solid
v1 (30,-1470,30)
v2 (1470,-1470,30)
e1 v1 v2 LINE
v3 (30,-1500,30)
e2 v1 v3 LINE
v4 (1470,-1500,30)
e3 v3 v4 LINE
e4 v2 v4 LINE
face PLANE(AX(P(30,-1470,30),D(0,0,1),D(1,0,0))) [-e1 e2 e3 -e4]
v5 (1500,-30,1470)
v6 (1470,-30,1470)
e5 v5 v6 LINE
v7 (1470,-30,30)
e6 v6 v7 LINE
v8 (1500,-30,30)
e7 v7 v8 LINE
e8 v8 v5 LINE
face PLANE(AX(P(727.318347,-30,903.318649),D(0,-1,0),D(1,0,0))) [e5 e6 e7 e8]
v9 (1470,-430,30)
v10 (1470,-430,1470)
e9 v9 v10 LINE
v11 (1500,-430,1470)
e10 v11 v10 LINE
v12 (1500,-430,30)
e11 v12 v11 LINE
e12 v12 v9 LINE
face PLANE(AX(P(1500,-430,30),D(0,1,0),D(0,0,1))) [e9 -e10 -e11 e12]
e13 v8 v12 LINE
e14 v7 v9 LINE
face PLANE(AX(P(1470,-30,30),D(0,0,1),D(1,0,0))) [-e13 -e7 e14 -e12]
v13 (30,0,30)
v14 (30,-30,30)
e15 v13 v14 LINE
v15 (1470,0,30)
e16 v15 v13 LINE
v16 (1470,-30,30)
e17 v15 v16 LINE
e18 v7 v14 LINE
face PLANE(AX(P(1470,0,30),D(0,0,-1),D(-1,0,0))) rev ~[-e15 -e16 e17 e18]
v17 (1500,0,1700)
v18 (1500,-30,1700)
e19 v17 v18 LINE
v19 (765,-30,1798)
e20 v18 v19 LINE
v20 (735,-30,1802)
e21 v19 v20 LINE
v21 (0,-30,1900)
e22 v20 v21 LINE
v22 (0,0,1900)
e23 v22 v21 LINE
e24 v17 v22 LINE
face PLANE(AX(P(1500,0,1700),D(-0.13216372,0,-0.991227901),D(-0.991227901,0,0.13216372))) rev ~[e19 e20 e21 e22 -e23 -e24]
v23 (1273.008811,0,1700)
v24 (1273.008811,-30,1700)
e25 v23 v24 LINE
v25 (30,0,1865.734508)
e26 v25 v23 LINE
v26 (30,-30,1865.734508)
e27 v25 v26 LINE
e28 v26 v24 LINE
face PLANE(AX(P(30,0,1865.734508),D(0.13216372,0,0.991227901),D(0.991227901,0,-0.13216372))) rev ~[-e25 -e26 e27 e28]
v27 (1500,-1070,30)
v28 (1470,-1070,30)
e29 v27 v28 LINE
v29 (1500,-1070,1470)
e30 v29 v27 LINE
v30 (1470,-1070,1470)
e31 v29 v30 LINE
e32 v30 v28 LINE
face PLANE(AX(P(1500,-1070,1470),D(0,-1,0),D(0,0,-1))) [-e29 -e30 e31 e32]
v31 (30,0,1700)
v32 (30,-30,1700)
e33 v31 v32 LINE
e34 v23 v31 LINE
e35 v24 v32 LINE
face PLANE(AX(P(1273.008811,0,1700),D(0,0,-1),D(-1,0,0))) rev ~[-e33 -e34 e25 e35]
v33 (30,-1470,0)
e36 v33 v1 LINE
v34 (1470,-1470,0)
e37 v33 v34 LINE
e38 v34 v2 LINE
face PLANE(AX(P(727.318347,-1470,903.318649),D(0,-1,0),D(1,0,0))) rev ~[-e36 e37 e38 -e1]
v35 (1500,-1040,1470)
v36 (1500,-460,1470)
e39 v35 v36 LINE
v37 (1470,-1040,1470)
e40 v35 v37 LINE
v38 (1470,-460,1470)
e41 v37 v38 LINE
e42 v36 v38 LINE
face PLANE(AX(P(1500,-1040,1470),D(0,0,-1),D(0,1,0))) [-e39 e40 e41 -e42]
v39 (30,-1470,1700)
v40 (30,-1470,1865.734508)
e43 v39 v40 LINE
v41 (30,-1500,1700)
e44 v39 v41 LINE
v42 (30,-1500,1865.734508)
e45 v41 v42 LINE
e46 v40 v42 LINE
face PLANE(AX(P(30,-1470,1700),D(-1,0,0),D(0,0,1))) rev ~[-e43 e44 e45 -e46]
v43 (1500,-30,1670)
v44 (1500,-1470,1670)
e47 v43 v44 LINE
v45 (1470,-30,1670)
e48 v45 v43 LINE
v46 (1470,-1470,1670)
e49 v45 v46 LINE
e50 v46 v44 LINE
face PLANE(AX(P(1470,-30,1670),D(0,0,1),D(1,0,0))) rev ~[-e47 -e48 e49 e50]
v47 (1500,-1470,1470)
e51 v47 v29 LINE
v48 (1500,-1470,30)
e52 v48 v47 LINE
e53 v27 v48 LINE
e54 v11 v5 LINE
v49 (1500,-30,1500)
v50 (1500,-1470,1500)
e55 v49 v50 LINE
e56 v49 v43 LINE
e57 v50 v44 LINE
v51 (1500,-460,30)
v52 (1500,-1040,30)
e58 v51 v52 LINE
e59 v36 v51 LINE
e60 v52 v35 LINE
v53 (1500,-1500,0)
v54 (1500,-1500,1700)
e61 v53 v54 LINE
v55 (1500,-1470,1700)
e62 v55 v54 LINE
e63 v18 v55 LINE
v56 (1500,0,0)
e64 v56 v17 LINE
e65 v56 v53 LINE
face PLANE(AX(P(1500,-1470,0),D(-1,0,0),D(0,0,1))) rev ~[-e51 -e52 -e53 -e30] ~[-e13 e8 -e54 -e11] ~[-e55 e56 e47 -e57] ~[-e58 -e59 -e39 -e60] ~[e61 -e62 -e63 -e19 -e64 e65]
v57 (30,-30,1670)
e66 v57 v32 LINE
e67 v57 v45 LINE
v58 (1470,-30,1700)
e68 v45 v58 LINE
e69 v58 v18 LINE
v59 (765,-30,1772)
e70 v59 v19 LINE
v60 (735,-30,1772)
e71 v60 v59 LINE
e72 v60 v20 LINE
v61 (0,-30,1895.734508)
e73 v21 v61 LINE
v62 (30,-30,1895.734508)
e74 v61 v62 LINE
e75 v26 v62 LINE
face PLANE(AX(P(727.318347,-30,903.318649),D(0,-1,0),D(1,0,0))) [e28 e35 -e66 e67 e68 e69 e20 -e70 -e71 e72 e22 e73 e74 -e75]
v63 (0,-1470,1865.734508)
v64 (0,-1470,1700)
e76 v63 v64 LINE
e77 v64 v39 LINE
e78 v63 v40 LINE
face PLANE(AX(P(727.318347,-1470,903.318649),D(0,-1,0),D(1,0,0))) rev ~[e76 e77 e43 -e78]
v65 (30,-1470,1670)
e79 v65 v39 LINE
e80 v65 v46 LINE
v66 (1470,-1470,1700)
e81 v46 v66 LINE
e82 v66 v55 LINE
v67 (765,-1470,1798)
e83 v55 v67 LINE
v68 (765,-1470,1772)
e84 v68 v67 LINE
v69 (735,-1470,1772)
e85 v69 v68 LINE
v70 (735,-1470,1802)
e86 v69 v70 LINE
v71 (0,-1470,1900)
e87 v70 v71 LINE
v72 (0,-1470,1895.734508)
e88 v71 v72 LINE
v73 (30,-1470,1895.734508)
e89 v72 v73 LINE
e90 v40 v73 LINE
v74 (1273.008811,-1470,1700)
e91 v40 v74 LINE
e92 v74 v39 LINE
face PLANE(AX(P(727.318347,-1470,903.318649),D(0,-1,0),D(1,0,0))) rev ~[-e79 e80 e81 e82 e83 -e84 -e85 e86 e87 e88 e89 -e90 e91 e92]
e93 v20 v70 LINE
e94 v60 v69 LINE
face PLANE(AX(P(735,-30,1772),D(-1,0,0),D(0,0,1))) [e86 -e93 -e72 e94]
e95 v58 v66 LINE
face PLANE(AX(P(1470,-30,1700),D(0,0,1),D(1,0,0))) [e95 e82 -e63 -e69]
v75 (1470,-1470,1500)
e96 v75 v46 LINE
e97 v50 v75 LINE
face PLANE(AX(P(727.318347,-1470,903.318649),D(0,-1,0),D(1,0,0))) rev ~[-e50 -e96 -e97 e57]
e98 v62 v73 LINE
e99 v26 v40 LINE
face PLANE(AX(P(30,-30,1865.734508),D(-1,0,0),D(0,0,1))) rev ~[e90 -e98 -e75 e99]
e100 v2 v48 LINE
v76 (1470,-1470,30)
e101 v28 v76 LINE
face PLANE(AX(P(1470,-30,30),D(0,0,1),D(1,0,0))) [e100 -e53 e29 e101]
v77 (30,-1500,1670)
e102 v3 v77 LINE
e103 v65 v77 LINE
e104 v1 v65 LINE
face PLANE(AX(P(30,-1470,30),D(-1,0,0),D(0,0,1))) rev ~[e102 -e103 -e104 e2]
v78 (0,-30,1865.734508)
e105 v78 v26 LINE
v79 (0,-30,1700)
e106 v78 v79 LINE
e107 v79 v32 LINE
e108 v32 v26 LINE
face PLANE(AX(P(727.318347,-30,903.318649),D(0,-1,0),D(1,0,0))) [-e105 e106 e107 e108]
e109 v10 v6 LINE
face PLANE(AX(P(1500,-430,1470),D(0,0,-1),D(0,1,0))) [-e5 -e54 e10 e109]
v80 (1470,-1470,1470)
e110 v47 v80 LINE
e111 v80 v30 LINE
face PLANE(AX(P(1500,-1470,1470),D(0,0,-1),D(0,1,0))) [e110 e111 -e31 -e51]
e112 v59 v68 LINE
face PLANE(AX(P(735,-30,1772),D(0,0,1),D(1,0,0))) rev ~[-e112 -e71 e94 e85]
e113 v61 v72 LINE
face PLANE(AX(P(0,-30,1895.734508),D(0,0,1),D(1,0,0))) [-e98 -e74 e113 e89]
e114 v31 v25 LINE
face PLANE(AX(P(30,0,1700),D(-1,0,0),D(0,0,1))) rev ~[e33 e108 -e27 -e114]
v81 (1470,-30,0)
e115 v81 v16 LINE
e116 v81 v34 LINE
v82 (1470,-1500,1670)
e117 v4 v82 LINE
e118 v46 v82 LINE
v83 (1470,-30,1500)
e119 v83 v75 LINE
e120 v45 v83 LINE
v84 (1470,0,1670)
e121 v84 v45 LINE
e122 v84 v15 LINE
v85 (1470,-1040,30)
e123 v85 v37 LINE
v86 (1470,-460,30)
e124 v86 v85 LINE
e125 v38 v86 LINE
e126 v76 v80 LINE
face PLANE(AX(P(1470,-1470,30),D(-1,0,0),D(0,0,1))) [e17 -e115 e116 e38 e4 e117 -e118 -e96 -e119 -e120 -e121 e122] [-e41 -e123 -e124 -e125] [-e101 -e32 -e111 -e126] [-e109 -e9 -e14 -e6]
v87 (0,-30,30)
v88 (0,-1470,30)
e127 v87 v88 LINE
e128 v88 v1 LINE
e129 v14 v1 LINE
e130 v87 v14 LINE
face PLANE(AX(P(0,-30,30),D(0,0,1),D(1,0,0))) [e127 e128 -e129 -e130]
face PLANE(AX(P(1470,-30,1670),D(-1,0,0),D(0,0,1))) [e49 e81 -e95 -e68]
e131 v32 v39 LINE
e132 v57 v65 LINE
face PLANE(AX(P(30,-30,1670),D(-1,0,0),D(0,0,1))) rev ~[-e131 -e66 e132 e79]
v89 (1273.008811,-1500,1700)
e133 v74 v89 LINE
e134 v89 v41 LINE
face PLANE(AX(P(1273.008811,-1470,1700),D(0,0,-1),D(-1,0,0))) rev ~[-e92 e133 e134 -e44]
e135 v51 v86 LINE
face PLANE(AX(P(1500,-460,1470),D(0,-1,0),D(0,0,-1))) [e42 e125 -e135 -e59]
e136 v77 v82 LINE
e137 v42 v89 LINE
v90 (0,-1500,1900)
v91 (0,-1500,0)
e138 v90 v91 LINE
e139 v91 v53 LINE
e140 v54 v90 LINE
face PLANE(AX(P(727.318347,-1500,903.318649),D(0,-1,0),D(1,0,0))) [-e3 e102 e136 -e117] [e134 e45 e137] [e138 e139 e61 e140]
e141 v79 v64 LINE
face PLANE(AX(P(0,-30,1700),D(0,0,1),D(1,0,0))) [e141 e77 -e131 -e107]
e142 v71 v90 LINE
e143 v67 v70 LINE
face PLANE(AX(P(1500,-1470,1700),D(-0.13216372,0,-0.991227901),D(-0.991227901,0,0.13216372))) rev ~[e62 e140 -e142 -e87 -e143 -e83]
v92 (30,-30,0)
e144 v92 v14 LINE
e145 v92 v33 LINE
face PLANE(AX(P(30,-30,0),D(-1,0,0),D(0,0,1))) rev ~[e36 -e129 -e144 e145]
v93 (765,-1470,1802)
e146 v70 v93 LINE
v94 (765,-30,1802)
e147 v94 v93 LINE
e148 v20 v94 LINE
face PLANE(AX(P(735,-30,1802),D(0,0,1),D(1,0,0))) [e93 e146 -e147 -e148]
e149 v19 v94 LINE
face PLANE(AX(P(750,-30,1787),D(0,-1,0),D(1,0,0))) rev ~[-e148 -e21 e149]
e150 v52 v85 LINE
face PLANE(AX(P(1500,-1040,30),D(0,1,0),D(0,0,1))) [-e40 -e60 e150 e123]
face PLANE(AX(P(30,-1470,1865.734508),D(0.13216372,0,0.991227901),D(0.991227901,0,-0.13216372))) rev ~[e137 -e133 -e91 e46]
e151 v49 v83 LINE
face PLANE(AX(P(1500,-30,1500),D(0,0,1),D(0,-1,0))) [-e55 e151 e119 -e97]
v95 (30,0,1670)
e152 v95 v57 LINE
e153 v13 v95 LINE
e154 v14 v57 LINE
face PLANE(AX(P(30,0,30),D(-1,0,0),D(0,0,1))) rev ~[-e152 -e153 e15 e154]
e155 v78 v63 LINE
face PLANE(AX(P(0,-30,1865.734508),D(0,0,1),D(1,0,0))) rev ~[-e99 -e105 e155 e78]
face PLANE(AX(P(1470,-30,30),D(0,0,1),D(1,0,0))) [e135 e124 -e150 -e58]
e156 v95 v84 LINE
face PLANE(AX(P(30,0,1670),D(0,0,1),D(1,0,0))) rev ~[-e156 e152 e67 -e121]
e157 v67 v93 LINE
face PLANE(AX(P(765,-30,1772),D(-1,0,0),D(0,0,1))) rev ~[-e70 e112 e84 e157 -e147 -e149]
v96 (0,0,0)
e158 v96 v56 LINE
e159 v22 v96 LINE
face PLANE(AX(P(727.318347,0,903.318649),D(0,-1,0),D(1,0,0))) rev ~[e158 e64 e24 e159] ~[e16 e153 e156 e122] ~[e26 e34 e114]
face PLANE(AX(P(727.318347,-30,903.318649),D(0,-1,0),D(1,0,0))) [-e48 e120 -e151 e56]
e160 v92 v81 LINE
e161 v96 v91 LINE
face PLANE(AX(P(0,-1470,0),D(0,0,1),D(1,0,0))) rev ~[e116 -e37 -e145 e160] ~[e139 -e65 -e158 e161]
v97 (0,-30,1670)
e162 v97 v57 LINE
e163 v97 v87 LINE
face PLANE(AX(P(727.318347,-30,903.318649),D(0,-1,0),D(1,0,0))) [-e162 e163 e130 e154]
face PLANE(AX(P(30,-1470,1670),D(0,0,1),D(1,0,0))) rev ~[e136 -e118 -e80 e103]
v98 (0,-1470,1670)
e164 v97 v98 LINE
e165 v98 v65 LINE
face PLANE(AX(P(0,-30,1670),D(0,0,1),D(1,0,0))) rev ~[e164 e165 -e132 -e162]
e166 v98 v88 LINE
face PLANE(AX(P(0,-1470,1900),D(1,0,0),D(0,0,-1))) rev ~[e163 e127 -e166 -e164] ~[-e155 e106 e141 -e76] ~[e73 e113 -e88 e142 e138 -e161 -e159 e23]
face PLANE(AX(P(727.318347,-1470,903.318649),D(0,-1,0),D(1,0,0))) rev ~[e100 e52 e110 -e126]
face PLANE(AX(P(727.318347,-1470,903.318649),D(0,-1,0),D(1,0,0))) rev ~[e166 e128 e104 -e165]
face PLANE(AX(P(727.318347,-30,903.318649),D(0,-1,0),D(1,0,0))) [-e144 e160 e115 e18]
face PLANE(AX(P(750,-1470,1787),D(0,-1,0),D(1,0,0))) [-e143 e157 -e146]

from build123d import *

# Parameters (mm, degrees)
F1_DEPTH = 30
F2_W     = 30
F2_H     = 30
F3_DEPTH = 1440
F4_W     = 1440
F4_H     = 1640
F5_DEPTH = 30
F7_DEPTH = 30


with BuildPart() as f1:
    # F0 (on Front) → F1 (new body)
    with BuildSketch(Plane.XZ):
        Polygon((0, 1700), (0, 0), (1500, 0), (1500, 1700), (0, 1900), align=None)
        Polygon((30, 1500), (30, 1670), (1470, 1670), (1470, 30), (30, 30), align=None, mode=Mode.SUBTRACT)
        Polygon((30, 1865.734508), (1273.008811, 1700), (30, 1700), align=None, mode=Mode.SUBTRACT)
    extrude(amount=F1_DEPTH)

    # F2 (on face) → F3 (join)
    with BuildSketch(Plane.XZ.offset(30)):
        with Locations((15, 15)):
            Rectangle(F2_W, F2_H)
        with Locations((1485, 15)):
            Rectangle(F2_W, F2_H)
        with Locations((15, 1685)):
            Rectangle(F2_W, F2_H)
        with Locations((1485, 1685)):
            Rectangle(F2_W, F2_H)
        with Locations((15, 1880.734508)):
            Rectangle(F2_W, F2_H)
        with Locations((750, 1787)):
            Rectangle(F2_W, F2_H)
    extrude(amount=F3_DEPTH)

    # F4 (on face) → F5 (join)
    with BuildSketch(Plane.XZ.offset(1470)):
        Polygon((0, 1900), (0, 0), (1500, 0), (1500, 1670), (1500, 1700), align=None)
        with Locations((750, 850)):
            Rectangle(F4_W, F4_H, mode=Mode.SUBTRACT)
        Polygon((30, 1700), (30, 1865.734508), (1273.008811, 1700), align=None, mode=Mode.SUBTRACT)
    extrude(amount=F5_DEPTH)

    # F6 (on face) → F7 (join)
    with BuildSketch(Plane.YZ.offset(1500)):
        Polygon((-1070, 1470), (-1070, 30), (-1040, 30), (-1040, 1470), (-460, 1470), (-460, 30), (-430, 30), (-430, 1470), (-30, 1470), (-30, 1500), (-1470, 1500), (-1470, 1470), align=None)
    extrude(amount=-F7_DEPTH)


solid = f1.part
